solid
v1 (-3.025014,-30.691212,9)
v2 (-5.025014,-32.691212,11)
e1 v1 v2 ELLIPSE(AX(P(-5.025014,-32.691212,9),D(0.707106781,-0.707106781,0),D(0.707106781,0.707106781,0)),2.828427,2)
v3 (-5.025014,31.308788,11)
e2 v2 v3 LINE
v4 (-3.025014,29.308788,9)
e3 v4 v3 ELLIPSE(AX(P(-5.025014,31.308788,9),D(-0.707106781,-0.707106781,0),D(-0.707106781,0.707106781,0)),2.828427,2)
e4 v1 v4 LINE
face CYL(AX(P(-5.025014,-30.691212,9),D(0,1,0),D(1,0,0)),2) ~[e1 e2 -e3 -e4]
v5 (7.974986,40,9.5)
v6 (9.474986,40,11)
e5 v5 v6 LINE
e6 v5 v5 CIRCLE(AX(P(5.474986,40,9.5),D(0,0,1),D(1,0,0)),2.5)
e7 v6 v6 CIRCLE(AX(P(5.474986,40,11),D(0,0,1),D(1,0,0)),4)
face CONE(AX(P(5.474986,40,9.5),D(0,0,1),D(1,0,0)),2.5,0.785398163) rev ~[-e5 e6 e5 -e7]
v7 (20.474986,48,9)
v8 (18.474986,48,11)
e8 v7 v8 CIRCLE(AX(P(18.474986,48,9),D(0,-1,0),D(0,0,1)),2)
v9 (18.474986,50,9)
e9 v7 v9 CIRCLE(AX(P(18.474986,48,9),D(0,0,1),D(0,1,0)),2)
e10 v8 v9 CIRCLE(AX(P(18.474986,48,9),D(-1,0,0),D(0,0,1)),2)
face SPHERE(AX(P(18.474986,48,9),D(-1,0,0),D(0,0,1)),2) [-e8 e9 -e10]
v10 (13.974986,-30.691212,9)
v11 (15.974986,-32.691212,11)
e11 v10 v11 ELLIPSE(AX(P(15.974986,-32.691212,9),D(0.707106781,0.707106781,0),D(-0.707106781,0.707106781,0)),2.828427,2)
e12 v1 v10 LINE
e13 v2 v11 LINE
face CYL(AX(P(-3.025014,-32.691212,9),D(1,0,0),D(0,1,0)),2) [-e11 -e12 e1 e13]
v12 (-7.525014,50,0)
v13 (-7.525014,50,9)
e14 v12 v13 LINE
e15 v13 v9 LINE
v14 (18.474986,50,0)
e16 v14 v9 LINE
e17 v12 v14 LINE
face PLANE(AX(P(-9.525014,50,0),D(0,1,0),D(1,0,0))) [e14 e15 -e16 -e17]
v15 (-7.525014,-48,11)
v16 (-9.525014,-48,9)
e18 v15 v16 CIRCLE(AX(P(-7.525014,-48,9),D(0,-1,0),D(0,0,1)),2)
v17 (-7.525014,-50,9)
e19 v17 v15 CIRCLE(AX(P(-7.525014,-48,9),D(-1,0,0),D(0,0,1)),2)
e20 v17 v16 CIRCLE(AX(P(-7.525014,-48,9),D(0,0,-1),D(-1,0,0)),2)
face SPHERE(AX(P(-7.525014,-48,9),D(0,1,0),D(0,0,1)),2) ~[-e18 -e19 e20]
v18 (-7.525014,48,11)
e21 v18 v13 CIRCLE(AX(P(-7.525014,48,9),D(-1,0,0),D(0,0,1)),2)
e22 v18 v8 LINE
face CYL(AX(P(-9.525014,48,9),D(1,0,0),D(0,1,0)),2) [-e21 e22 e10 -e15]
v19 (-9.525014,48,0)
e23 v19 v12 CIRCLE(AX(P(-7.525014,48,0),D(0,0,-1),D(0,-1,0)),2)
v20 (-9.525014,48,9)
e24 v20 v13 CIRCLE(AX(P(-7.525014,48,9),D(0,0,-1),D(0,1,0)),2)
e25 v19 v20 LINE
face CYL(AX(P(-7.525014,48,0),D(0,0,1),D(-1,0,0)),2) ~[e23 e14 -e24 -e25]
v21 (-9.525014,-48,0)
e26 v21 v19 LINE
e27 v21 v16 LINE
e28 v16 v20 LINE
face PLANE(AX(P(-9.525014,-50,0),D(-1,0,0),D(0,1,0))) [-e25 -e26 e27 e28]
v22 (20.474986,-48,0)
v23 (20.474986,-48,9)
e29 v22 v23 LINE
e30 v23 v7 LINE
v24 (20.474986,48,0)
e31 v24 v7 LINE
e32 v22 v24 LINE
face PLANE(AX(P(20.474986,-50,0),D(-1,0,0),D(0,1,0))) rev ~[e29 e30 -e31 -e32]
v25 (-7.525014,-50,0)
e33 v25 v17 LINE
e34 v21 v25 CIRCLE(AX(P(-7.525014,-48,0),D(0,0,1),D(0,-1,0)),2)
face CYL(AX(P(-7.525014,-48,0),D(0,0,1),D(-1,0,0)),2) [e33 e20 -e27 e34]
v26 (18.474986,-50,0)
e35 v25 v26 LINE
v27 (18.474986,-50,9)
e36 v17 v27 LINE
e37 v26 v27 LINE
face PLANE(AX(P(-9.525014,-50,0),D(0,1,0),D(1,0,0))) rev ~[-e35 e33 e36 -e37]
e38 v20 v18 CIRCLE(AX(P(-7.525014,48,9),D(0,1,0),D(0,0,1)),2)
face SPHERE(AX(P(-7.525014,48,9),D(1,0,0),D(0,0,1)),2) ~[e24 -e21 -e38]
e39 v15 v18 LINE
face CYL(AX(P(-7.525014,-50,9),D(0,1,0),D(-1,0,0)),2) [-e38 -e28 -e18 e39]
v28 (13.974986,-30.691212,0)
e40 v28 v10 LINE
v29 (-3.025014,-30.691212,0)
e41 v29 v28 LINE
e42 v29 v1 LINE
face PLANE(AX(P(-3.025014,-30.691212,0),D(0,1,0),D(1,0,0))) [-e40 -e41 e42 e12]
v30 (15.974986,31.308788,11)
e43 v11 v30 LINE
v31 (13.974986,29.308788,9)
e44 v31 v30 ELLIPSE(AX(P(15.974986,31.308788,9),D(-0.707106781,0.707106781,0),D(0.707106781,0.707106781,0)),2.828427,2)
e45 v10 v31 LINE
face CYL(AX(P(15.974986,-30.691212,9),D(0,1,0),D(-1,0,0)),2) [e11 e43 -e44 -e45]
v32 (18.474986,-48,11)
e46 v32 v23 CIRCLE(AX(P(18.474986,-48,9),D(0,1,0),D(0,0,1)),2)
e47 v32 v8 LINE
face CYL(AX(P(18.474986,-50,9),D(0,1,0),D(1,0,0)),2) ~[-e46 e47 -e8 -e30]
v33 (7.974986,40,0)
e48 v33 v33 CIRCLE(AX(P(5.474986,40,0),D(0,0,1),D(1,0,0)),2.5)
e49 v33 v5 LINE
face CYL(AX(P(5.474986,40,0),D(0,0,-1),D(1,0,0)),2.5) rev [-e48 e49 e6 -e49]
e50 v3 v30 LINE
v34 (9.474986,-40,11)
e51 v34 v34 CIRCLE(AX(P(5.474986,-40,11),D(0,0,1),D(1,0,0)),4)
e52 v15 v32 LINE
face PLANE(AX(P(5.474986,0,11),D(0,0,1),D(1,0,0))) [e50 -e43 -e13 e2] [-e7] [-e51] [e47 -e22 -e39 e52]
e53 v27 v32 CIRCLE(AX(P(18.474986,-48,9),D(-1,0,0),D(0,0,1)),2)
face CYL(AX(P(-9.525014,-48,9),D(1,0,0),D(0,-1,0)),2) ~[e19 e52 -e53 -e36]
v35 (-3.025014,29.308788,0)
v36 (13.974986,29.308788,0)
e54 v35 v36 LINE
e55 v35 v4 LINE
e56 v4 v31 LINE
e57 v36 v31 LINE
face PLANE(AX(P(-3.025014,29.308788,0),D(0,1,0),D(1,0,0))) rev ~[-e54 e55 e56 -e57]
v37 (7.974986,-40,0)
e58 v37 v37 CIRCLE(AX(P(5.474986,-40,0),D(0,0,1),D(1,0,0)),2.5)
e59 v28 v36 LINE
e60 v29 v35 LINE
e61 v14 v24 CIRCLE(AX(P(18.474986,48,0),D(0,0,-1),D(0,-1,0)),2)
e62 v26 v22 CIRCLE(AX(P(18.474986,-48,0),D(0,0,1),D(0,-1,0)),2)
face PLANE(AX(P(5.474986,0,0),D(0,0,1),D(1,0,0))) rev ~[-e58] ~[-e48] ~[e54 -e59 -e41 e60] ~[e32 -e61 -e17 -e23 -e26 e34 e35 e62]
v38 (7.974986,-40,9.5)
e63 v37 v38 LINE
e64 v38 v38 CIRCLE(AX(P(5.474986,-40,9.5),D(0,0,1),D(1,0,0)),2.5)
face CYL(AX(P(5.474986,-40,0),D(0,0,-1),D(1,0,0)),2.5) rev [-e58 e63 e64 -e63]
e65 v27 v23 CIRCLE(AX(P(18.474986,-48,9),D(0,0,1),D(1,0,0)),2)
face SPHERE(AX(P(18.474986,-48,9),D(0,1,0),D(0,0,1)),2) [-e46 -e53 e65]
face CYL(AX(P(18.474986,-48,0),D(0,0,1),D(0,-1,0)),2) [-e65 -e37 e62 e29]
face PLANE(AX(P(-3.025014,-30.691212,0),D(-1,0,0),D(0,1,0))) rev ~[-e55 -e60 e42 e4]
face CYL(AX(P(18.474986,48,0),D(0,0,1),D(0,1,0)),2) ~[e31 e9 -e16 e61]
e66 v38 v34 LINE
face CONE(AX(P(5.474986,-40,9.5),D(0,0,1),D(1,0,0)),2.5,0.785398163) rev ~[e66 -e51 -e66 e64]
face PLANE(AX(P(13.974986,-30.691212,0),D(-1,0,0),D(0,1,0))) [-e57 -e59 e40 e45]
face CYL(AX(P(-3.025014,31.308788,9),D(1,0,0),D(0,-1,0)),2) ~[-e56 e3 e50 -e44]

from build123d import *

# Parameters (mm, degrees)
F0_W     = 30
F0_H     = 100
F0_R     = 2.5
F0_W_2   = 17
F0_H_2   = 60
F1_DEPTH = 11
F2_R     = 2
F3_SIZE  = 1.5


with BuildPart() as f1:
    # F0 (on Top) → F1 (new body)
    with BuildSketch(Plane.XY):
        with Locations((5.474986, 0)):
            Rectangle(F0_W, F0_H)
        with Locations((5.474986, -40)):
            Circle(F0_R, mode=Mode.SUBTRACT)
        with Locations((5.474986, -0.691212)):
            Rectangle(F0_W_2, F0_H_2, mode=Mode.SUBTRACT)
        with Locations((5.474986, 40)):
            Circle(F0_R, mode=Mode.SUBTRACT)
    extrude(amount=F1_DEPTH)

    # F2
    f2_edges = [f1.edges().sort_by_distance(p)[0] for p in [
        (5.474986, 50, 11),
        (-9.525014, 0, 11),
        (20.474986, 0, 11),
        (5.474986, -50, 11),
        (-9.525014, -50, 5.5),
        (20.474986, -50, 5.5),
        (-9.525014, 50, 5.5),
        (20.474986, 50, 5.5),
        (13.974986, -0.691212, 11),
        (5.474986, -30.691212, 11),
        (-3.025014, -0.691212, 11),
        (5.474986, 29.308788, 11),
    ]]
    fillet(f2_edges, radius=F2_R)

    # F3
    f3_edges = [f1.edges().sort_by_distance(p)[0] for p in [
        (2.974986, 40, 11),
        (2.974986, -40, 11),
    ]]
    chamfer(f3_edges, length=F3_SIZE)


solid = f1.part
